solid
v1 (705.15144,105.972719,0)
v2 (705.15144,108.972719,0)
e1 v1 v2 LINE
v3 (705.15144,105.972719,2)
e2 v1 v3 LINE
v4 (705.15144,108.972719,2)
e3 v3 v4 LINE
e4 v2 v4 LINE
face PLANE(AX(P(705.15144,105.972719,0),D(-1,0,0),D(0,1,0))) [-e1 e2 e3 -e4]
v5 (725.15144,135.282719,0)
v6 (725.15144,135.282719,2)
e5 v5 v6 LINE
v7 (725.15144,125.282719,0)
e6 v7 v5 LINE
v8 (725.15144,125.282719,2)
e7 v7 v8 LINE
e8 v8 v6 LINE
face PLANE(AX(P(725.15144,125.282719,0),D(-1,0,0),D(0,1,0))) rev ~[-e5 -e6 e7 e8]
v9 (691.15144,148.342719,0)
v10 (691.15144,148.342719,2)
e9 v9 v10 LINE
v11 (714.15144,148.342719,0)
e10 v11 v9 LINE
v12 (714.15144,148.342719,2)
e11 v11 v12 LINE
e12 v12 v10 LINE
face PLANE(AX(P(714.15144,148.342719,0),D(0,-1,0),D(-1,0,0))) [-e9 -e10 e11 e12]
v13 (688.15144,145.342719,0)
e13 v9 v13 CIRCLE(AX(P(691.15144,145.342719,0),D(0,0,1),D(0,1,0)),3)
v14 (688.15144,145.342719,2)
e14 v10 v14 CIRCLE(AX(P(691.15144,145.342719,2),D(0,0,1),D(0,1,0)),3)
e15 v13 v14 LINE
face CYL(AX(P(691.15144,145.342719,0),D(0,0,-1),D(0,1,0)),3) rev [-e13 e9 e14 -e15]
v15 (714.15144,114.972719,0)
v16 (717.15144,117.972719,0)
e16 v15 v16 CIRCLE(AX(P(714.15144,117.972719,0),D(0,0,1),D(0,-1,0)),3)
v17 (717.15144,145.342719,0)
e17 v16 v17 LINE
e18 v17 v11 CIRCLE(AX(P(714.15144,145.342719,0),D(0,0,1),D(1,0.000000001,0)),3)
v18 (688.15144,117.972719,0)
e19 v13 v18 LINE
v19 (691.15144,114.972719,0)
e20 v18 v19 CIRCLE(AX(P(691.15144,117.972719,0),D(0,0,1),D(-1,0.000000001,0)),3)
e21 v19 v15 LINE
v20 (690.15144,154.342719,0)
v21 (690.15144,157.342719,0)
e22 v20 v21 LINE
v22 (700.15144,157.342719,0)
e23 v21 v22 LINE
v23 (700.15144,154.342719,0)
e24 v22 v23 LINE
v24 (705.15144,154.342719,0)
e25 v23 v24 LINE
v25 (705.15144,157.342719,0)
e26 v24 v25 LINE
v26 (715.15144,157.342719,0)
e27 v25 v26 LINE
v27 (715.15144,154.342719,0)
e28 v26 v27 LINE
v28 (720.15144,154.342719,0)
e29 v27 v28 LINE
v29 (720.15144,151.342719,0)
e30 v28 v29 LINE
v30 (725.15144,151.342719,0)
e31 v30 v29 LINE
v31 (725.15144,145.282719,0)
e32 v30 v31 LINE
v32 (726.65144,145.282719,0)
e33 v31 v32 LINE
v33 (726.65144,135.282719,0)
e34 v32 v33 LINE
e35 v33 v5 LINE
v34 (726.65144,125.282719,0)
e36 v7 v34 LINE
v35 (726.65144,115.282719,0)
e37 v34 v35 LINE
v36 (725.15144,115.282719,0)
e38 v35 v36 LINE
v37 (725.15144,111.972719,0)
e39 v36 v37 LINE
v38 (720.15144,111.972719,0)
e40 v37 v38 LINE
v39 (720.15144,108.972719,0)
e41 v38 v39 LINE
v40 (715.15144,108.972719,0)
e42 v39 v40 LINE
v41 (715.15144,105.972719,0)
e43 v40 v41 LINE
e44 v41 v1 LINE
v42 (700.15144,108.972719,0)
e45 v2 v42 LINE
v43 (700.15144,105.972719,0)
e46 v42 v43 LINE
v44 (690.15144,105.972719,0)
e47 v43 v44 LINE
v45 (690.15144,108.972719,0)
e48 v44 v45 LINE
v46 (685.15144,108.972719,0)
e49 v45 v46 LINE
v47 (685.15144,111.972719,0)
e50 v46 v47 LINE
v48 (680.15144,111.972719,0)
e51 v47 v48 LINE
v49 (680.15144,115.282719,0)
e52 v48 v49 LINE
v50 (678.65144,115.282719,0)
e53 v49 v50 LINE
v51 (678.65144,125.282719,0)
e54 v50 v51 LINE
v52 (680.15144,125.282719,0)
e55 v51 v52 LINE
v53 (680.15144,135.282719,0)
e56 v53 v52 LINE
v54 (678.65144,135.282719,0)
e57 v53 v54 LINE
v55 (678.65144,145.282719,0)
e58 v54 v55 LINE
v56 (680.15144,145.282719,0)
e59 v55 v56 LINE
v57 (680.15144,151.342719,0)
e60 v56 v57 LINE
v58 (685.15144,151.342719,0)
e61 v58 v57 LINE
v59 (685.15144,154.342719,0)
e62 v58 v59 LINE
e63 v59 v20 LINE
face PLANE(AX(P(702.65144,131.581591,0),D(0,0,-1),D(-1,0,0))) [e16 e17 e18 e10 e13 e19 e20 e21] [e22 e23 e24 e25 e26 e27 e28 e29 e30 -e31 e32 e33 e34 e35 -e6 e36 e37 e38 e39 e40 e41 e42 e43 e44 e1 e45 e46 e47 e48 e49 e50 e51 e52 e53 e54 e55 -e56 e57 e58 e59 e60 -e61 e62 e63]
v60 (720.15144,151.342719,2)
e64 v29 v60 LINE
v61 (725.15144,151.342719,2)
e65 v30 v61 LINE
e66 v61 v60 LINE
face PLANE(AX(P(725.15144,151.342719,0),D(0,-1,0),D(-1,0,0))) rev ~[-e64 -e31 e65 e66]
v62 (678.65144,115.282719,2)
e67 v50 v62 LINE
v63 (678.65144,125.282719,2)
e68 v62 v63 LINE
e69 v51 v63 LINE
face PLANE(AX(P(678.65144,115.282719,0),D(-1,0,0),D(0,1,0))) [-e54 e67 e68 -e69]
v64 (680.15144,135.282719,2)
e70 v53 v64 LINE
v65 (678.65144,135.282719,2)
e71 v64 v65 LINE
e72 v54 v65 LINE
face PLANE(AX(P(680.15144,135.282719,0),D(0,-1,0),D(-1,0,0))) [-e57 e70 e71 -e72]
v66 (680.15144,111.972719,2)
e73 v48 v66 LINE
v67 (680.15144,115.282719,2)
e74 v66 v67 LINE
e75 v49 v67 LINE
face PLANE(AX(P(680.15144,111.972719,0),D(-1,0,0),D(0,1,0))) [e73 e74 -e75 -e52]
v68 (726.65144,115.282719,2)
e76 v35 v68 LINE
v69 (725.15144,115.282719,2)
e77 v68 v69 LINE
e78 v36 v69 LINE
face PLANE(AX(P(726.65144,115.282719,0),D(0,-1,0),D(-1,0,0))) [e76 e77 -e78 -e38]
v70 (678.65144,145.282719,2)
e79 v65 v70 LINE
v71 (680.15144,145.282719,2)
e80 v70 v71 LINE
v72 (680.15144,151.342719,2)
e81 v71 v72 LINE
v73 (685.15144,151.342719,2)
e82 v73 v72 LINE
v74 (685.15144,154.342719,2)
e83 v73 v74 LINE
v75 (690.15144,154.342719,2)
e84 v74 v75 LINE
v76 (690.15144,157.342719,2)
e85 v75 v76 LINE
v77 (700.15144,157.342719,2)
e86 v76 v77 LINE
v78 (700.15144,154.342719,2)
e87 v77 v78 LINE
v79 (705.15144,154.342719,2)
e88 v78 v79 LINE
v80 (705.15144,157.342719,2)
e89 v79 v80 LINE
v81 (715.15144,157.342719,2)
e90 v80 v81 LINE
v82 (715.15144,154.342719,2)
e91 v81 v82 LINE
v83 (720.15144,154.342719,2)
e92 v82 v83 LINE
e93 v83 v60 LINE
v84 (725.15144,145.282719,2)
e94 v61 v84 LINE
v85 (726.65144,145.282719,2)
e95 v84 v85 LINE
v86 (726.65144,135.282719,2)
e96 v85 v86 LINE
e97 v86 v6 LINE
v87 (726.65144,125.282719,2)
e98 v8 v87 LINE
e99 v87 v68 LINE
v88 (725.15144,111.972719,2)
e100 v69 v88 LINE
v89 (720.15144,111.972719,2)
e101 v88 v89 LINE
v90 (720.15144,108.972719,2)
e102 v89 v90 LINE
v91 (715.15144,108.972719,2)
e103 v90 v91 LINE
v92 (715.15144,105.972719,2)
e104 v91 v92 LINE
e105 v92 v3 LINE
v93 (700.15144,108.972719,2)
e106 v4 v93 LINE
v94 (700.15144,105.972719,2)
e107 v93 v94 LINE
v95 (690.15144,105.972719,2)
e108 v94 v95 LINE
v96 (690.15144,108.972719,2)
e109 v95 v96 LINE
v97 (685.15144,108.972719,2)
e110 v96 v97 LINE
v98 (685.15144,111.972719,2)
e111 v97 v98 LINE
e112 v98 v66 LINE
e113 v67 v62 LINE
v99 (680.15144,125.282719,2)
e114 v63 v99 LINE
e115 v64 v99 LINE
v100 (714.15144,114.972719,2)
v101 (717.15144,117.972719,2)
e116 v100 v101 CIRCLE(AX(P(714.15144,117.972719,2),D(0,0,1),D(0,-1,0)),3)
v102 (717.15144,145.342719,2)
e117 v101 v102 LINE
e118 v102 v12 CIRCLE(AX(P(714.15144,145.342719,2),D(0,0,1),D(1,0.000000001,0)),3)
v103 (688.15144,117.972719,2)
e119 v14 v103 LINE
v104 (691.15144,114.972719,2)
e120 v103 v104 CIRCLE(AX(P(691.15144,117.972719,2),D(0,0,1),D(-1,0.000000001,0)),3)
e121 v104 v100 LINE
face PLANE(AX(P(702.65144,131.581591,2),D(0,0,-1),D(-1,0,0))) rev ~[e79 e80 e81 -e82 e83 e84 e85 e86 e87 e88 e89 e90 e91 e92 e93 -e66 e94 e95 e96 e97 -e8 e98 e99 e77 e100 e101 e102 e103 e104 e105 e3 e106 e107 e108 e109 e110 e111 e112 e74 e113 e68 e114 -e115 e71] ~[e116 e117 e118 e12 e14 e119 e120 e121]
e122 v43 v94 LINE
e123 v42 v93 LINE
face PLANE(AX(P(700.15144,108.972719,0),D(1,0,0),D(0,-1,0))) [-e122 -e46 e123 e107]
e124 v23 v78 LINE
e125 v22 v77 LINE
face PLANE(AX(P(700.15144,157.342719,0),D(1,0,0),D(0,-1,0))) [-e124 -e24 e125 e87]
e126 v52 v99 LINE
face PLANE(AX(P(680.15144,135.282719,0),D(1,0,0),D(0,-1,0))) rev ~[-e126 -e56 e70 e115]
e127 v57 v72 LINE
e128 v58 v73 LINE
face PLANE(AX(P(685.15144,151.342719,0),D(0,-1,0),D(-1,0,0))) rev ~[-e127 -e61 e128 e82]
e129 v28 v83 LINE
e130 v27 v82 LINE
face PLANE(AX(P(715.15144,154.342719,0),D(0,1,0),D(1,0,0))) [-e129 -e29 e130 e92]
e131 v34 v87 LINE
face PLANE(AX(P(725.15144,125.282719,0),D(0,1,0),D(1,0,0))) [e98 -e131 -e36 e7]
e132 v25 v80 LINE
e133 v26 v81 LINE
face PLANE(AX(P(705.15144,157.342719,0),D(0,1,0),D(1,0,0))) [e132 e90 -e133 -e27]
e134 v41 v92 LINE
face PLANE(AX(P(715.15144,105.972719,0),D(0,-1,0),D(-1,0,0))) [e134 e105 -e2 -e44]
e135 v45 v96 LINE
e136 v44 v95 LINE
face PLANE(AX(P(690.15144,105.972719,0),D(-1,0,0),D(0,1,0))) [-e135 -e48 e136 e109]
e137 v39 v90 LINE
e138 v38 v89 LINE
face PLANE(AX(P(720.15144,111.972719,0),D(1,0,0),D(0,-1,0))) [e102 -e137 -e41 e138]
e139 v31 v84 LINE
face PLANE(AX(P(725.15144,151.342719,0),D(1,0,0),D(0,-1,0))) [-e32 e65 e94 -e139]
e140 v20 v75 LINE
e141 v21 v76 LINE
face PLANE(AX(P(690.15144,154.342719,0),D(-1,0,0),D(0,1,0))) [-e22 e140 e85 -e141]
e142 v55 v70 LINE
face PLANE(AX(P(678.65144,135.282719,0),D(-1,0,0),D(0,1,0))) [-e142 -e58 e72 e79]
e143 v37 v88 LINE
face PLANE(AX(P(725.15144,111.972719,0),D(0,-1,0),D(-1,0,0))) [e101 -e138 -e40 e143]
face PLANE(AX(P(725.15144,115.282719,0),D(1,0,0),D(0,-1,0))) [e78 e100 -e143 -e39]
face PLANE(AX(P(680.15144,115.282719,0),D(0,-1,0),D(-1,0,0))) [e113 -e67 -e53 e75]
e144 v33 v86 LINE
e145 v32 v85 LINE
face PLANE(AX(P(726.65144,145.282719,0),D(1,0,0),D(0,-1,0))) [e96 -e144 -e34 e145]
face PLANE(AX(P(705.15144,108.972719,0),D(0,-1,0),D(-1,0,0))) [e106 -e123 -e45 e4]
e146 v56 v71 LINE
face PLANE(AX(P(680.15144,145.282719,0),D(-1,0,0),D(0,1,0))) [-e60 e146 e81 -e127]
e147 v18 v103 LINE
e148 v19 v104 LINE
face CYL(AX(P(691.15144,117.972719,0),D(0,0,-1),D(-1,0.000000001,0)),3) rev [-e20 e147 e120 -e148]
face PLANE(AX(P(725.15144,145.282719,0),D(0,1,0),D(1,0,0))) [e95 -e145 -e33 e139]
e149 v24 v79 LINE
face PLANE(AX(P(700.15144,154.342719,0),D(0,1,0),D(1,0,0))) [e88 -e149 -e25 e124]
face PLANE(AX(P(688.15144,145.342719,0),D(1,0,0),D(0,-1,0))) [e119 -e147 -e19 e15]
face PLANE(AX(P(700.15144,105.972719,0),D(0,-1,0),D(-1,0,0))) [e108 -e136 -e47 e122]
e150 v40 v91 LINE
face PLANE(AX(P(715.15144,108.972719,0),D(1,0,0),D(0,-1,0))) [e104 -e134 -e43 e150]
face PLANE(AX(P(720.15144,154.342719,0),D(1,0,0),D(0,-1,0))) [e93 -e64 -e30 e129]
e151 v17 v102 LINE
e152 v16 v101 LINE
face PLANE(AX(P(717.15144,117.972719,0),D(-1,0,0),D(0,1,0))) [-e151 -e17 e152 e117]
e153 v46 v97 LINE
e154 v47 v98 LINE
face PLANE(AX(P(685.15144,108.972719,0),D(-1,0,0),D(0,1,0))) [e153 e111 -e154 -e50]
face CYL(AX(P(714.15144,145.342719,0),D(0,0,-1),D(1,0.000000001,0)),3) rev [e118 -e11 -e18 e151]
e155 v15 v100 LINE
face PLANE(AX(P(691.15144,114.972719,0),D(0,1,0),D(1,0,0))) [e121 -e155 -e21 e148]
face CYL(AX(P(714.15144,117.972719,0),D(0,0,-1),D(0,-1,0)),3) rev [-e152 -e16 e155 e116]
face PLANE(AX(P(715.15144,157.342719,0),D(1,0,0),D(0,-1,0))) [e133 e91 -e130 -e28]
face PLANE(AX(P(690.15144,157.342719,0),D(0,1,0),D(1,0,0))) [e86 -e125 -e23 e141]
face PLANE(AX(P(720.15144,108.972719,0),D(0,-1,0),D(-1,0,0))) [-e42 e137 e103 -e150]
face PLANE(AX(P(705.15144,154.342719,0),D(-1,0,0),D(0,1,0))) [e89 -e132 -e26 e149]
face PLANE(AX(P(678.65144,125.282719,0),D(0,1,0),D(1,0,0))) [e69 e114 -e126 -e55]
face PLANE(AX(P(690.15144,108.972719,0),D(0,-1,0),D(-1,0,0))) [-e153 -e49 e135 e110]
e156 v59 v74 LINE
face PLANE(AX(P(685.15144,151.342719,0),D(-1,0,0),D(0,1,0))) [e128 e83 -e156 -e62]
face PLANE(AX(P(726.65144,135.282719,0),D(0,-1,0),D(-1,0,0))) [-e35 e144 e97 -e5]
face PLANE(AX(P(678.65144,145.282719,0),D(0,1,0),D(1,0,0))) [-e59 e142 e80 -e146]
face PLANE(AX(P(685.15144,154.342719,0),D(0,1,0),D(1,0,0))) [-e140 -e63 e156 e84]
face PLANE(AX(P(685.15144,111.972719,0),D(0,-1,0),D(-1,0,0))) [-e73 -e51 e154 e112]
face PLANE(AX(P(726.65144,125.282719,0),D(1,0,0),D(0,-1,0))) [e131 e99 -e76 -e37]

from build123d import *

# Parameters (mm, degrees)
EXTRUDE_1_DEPTH = 2


with BuildPart() as part:
    # Model → 凸台-拉伸1 (new body)
    with BuildSketch(Plane.XY):
        Polygon((682.151439572, 151.342718787), (685.151439572, 151.342718787), (685.151439572, 154.342718787), (690.151439572, 154.342718787), (690.151439572, 157.342718787), (700.151439572, 157.342718787), (700.151439572, 154.342718787), (705.151439572, 154.342718787), (705.151439572, 157.342718787), (715.151439572, 157.342718787), (715.151439572, 154.342718787), (720.151439572, 154.342718787), (720.151439572, 151.342718787), (723.151439572, 151.342718787), (725.151439572, 151.342718787), (725.151439572, 145.282718787), (726.651439572, 145.282718787), (726.651439572, 135.282718787), (725.151439572, 135.282718787), (725.151439572, 130.072718787), (725.151439572, 125.282718787), (726.651439572, 125.282718787), (726.651439572, 115.282718787), (725.151439572, 115.282718787), (725.151439572, 111.972718787), (720.151439572, 111.972718787), (720.151439572, 108.972718787), (715.151439572, 108.972718787), (715.151439572, 105.972718787), (705.151439572, 105.972718787), (705.151439572, 108.972718787), (700.151439572, 108.972718787), (700.151439572, 105.972718787), (690.151439572, 105.972718787), (690.151439572, 108.972718787), (685.151439572, 108.972718787), (685.151439572, 111.972718787), (680.151439572, 111.972718787), (680.151439572, 115.282718787), (678.651439572, 115.282718787), (678.651439572, 125.282718787), (680.151439572, 125.282718787), (680.151439572, 130.072718787), (680.151439572, 135.282718787), (678.651439572, 135.282718787), (678.651439572, 145.282718787), (680.151439572, 145.282718787), (680.151439572, 151.342718787), align=None)
        with BuildLine():
            Line((714.151439572, 148.342718787), (691.151439572, 148.342718787))
            ThreePointArc((691.151439572, 148.342718787), (689.030119228, 147.46403913), (688.151439572, 145.342718787))
            Line((688.151439572, 145.342718787), (688.151439572, 117.972718787))
            ThreePointArc((688.151439572, 117.972718787), (689.030119228, 115.851398443), (691.151439572, 114.972718787))
            Line((691.151439572, 114.972718787), (714.151439572, 114.972718787))
            ThreePointArc((714.151439572, 114.972718787), (716.272759915, 115.851398443), (717.151439572, 117.972718787))
            Line((717.151439572, 117.972718787), (717.151439572, 145.342718787))
            ThreePointArc((717.151439572, 145.342718787), (716.272759915, 147.46403913), (714.151439572, 148.342718787))
        make_face(mode=Mode.SUBTRACT)
    extrude(amount=EXTRUDE_1_DEPTH)


solid = part.part
